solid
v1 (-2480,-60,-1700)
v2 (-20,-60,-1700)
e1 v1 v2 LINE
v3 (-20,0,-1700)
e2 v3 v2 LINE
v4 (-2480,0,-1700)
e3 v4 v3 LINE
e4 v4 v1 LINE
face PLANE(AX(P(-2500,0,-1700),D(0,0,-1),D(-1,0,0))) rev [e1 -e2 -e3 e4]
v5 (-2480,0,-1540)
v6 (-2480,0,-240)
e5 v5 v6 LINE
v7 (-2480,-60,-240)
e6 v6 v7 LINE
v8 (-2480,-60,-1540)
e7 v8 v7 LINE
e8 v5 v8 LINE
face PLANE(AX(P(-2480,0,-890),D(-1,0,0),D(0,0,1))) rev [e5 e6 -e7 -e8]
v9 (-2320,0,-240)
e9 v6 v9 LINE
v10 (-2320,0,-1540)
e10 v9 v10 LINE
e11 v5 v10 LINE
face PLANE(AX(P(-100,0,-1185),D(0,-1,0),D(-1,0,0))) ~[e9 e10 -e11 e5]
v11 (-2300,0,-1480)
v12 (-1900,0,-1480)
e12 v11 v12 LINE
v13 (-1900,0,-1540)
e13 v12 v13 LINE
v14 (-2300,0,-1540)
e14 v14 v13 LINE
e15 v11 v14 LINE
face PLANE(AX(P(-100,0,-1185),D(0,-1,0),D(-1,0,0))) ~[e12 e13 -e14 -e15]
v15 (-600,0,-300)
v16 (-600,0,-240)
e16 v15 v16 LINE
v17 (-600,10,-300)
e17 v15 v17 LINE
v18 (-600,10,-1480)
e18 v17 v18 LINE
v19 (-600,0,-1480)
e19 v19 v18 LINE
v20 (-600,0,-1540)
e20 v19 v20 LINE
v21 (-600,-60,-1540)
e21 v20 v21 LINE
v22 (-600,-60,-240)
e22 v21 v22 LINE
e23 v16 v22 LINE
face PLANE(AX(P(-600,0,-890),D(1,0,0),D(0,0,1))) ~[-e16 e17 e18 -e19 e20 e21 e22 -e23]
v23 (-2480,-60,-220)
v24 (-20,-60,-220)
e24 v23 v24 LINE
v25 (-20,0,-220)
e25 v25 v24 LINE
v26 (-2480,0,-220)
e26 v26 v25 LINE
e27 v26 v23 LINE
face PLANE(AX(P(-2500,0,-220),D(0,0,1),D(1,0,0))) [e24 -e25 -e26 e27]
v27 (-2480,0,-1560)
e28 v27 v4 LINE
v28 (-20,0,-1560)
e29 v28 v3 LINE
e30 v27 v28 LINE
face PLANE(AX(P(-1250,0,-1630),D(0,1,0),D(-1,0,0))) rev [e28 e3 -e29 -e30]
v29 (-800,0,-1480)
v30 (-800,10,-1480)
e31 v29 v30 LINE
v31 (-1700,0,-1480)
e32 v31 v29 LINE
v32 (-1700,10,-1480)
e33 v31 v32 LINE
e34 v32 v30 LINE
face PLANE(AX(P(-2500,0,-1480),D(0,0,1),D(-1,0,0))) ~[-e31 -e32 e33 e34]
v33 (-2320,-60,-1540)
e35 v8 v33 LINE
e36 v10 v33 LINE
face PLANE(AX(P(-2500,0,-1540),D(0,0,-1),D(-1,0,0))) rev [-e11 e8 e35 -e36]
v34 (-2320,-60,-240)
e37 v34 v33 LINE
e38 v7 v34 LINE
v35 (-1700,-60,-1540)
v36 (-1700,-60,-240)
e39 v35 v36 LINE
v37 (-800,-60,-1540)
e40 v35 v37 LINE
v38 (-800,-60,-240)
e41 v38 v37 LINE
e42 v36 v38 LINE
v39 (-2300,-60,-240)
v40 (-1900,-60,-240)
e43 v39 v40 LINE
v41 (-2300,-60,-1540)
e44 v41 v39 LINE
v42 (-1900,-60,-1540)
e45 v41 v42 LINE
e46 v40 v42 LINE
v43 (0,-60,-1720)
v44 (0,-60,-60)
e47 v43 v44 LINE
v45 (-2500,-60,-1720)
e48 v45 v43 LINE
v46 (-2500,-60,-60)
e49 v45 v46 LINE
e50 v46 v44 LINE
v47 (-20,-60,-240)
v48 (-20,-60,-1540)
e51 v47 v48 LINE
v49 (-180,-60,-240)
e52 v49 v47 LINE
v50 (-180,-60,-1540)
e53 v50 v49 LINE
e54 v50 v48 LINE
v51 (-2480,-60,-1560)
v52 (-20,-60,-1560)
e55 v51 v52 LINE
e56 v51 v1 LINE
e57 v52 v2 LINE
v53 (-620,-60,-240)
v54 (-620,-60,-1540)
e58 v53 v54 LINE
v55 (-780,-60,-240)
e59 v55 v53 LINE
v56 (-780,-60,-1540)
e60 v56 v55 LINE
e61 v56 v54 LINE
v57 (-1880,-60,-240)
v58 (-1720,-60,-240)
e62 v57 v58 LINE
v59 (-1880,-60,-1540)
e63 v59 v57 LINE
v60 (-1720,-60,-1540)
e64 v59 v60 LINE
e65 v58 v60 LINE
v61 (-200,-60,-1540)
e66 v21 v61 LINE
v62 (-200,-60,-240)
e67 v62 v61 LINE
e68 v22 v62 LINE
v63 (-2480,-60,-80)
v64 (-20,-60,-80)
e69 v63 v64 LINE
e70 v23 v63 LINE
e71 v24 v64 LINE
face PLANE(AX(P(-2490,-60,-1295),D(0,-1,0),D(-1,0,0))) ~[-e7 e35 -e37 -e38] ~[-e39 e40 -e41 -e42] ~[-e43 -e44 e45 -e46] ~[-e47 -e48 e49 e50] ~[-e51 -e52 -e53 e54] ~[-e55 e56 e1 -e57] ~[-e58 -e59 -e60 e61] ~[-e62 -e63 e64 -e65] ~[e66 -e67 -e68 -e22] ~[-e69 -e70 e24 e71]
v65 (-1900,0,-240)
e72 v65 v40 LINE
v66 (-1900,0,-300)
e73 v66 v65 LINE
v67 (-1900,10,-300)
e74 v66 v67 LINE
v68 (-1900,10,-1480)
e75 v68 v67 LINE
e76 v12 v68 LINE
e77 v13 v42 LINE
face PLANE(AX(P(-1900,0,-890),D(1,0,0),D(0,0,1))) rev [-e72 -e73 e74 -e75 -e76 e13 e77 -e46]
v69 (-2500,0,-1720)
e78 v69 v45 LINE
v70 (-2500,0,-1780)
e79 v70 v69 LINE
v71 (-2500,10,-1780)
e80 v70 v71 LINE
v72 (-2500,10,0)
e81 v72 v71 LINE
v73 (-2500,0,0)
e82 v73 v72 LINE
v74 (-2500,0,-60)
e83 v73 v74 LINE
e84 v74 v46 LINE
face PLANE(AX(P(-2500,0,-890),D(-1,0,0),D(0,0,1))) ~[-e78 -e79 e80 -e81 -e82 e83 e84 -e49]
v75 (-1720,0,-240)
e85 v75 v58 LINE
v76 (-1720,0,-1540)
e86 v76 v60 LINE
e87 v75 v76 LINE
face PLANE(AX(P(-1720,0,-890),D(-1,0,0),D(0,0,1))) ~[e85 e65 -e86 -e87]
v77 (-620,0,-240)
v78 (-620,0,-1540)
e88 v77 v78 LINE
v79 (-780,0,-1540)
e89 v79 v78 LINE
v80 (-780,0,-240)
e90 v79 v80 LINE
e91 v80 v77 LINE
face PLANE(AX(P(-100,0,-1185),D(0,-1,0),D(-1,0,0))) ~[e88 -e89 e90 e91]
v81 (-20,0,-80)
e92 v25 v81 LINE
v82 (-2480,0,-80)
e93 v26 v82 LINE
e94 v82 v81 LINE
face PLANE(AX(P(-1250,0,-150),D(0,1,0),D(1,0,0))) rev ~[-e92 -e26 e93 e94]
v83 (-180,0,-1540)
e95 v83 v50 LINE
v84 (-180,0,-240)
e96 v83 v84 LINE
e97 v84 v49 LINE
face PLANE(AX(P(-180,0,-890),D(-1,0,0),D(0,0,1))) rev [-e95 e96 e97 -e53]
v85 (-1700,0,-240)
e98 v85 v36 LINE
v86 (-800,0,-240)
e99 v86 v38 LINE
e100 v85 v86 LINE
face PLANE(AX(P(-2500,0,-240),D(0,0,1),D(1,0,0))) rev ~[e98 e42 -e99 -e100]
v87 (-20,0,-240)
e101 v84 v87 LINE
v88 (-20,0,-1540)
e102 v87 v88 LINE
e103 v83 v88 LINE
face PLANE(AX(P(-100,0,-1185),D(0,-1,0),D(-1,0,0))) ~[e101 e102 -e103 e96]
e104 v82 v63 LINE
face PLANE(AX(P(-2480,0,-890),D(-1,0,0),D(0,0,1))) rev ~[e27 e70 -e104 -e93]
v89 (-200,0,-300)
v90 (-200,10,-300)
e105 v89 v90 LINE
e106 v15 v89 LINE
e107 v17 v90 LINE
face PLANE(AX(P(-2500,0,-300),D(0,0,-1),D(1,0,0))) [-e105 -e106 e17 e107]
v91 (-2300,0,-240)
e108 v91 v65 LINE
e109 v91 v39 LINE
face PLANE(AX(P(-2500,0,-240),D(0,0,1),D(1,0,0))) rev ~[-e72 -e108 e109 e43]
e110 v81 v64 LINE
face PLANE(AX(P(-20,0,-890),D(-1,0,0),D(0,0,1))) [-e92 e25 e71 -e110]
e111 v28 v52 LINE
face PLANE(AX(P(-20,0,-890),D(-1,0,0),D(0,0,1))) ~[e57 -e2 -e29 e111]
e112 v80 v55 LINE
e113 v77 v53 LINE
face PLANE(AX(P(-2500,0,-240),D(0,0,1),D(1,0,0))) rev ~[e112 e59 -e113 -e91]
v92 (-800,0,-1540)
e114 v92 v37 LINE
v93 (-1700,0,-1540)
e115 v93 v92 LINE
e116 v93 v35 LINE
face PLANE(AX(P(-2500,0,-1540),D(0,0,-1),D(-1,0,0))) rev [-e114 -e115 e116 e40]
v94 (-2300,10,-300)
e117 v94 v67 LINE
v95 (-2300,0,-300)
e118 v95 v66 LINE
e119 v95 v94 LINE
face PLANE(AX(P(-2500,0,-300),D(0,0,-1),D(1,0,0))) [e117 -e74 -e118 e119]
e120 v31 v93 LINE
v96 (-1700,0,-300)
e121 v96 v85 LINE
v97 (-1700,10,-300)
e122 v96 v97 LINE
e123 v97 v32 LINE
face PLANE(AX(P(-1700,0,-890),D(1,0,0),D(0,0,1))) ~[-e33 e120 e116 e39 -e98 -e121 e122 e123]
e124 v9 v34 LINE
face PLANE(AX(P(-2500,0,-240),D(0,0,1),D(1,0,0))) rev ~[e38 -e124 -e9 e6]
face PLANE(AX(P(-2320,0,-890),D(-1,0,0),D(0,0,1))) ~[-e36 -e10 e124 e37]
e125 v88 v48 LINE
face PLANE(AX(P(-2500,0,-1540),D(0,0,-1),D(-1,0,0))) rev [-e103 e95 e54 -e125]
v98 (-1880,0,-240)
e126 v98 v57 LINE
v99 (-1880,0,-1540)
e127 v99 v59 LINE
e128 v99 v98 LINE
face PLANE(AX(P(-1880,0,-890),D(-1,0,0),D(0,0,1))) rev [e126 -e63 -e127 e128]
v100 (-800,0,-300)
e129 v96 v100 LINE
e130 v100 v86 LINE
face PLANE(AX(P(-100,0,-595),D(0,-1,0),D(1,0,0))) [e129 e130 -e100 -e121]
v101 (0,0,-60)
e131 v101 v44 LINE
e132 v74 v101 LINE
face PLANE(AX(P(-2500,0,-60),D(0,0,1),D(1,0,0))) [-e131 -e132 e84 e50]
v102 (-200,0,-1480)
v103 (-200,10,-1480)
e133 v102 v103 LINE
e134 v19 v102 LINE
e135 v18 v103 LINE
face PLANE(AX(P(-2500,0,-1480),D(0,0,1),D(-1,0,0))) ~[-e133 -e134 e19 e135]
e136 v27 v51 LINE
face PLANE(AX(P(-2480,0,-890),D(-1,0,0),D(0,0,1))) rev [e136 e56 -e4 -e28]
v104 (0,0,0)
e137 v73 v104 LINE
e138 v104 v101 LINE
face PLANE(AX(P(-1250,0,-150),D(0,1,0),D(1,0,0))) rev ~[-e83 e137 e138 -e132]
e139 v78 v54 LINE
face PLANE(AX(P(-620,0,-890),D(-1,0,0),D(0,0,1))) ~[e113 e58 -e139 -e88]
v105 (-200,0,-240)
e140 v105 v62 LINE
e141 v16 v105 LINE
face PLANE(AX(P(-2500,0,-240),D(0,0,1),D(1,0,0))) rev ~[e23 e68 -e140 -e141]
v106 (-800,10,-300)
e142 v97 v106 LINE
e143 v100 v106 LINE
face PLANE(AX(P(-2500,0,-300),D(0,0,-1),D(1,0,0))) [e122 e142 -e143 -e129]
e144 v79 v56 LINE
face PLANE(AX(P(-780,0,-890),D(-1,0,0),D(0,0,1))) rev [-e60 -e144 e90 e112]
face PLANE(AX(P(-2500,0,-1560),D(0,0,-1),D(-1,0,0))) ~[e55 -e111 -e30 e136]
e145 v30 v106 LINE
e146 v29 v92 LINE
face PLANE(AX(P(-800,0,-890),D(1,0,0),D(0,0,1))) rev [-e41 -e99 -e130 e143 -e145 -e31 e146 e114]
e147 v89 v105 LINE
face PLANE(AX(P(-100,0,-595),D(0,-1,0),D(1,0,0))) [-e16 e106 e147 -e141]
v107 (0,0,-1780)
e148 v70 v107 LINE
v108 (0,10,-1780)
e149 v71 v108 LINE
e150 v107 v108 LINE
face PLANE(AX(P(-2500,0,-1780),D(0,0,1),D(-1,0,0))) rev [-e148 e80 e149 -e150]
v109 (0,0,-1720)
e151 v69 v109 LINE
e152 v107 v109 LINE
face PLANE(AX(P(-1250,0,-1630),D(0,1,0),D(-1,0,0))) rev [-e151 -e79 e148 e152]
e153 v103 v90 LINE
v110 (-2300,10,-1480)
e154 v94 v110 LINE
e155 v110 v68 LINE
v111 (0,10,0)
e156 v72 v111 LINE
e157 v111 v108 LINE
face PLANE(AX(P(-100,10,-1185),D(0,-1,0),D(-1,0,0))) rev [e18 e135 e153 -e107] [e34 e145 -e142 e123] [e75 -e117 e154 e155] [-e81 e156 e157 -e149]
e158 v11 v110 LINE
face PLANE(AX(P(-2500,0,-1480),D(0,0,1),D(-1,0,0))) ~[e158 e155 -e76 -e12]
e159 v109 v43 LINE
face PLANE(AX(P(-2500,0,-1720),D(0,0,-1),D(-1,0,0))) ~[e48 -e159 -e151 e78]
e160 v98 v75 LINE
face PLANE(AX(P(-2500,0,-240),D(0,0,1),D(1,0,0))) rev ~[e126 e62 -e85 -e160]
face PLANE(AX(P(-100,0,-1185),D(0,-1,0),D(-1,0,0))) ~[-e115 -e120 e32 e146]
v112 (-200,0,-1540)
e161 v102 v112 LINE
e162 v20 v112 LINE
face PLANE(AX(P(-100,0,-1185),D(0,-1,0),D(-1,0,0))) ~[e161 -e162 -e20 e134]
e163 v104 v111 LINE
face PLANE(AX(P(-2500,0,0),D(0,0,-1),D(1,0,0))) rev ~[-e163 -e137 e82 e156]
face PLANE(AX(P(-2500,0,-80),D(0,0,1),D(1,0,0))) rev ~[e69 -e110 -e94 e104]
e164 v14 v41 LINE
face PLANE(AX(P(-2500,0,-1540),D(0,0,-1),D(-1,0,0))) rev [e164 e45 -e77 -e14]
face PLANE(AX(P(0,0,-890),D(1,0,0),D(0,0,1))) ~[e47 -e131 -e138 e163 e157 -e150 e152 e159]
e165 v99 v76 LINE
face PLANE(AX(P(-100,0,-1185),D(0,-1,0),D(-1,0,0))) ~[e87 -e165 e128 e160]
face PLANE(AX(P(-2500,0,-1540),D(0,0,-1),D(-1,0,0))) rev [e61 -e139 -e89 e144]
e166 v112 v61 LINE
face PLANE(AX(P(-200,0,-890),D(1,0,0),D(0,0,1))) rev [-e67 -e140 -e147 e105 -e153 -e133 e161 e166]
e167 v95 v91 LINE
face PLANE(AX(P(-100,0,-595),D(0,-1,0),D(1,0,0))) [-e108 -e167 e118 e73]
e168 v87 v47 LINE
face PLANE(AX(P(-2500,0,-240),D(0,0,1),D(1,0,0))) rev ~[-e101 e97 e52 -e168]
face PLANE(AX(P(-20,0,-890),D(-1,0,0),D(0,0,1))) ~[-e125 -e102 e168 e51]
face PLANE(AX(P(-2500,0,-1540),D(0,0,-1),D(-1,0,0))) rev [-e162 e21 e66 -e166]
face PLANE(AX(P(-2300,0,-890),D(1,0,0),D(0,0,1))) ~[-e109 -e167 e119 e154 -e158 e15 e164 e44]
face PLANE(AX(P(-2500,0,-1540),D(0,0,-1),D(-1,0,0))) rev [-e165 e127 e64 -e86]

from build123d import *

# Parameters (mm, degrees)
SKETCH1_W      = 2500
SKETCH1_H      = 300
EXTRUDE1_DEPTH = 10
SKETCH2_W      = 2500
SKETCH2_H      = 20
EXTRUDE2_DEPTH = 60
SKETCH3_W      = 200
SKETCH3_H      = 590
EXTRUDE3_DEPTH = 10
SKETCH5_W      = 20
SKETCH5_H      = 810
SKETCH5_H_2    = 650
EXTRUDE7_DEPTH = 60


with BuildPart() as part:
    # Sketch1 → Extrude1 (new body)
    with BuildSketch(Plane(origin=(0, 0, 0), x_dir=(1, 0, 0), z_dir=(0, 1, 0))):
        with Locations((-1250, 150)):
            Rectangle(SKETCH1_W, SKETCH1_H)
    extrude(amount=EXTRUDE1_DEPTH)

    # Sketch2 → Extrude2 (add)
    with BuildSketch(Plane.XZ):
        with Locations((-1250, -70)):
            Rectangle(SKETCH2_W, SKETCH2_H)
        with Locations((-1250, -230)):
            Rectangle(SKETCH2_W, SKETCH2_H)
    extrude(amount=EXTRUDE2_DEPTH)

    # Sketch3 → Extrude3 (add)
    with BuildSketch(Plane.XZ):
        with Locations((-100, -595)):
            Rectangle(SKETCH3_W, SKETCH3_H)
        with Locations((-700, -595)):
            Rectangle(SKETCH3_W, SKETCH3_H)
        with Locations((-1800, -595)):
            Rectangle(SKETCH3_W, SKETCH3_H)
        with Locations((-2400, -595)):
            Rectangle(SKETCH3_W, SKETCH3_H)
    extrude(amount=-EXTRUDE3_DEPTH)

    # Sketch5 → Extrude7 (add)
    with BuildSketch(Plane.XZ):
        with Locations((-2490, -485)):
            Rectangle(SKETCH5_W, SKETCH5_H)
        with Locations((-2310, -565)):
            Rectangle(SKETCH5_W, SKETCH5_H_2)
        with Locations((-1890, -565)):
            Rectangle(SKETCH5_W, SKETCH5_H_2)
        with Locations((-1710, -565)):
            Rectangle(SKETCH5_W, SKETCH5_H_2)
        with Locations((-790, -565)):
            Rectangle(SKETCH5_W, SKETCH5_H_2)
        with Locations((-610, -565)):
            Rectangle(SKETCH5_W, SKETCH5_H_2)
        with Locations((-190, -565)):
            Rectangle(SKETCH5_W, SKETCH5_H_2)
        with Locations((-10, -485)):
            Rectangle(SKETCH5_W, SKETCH5_H)
    extrude(amount=EXTRUDE7_DEPTH)

    # Mirror2: part across face


with BuildPart() as part_1:
    add(part.part)
    add(part.part.mirror(Plane(origin=(-700, -14.090909091, -890), x_dir=(1, 0, 0), z_dir=(0, 0, -1))))


solid = part_1.part
